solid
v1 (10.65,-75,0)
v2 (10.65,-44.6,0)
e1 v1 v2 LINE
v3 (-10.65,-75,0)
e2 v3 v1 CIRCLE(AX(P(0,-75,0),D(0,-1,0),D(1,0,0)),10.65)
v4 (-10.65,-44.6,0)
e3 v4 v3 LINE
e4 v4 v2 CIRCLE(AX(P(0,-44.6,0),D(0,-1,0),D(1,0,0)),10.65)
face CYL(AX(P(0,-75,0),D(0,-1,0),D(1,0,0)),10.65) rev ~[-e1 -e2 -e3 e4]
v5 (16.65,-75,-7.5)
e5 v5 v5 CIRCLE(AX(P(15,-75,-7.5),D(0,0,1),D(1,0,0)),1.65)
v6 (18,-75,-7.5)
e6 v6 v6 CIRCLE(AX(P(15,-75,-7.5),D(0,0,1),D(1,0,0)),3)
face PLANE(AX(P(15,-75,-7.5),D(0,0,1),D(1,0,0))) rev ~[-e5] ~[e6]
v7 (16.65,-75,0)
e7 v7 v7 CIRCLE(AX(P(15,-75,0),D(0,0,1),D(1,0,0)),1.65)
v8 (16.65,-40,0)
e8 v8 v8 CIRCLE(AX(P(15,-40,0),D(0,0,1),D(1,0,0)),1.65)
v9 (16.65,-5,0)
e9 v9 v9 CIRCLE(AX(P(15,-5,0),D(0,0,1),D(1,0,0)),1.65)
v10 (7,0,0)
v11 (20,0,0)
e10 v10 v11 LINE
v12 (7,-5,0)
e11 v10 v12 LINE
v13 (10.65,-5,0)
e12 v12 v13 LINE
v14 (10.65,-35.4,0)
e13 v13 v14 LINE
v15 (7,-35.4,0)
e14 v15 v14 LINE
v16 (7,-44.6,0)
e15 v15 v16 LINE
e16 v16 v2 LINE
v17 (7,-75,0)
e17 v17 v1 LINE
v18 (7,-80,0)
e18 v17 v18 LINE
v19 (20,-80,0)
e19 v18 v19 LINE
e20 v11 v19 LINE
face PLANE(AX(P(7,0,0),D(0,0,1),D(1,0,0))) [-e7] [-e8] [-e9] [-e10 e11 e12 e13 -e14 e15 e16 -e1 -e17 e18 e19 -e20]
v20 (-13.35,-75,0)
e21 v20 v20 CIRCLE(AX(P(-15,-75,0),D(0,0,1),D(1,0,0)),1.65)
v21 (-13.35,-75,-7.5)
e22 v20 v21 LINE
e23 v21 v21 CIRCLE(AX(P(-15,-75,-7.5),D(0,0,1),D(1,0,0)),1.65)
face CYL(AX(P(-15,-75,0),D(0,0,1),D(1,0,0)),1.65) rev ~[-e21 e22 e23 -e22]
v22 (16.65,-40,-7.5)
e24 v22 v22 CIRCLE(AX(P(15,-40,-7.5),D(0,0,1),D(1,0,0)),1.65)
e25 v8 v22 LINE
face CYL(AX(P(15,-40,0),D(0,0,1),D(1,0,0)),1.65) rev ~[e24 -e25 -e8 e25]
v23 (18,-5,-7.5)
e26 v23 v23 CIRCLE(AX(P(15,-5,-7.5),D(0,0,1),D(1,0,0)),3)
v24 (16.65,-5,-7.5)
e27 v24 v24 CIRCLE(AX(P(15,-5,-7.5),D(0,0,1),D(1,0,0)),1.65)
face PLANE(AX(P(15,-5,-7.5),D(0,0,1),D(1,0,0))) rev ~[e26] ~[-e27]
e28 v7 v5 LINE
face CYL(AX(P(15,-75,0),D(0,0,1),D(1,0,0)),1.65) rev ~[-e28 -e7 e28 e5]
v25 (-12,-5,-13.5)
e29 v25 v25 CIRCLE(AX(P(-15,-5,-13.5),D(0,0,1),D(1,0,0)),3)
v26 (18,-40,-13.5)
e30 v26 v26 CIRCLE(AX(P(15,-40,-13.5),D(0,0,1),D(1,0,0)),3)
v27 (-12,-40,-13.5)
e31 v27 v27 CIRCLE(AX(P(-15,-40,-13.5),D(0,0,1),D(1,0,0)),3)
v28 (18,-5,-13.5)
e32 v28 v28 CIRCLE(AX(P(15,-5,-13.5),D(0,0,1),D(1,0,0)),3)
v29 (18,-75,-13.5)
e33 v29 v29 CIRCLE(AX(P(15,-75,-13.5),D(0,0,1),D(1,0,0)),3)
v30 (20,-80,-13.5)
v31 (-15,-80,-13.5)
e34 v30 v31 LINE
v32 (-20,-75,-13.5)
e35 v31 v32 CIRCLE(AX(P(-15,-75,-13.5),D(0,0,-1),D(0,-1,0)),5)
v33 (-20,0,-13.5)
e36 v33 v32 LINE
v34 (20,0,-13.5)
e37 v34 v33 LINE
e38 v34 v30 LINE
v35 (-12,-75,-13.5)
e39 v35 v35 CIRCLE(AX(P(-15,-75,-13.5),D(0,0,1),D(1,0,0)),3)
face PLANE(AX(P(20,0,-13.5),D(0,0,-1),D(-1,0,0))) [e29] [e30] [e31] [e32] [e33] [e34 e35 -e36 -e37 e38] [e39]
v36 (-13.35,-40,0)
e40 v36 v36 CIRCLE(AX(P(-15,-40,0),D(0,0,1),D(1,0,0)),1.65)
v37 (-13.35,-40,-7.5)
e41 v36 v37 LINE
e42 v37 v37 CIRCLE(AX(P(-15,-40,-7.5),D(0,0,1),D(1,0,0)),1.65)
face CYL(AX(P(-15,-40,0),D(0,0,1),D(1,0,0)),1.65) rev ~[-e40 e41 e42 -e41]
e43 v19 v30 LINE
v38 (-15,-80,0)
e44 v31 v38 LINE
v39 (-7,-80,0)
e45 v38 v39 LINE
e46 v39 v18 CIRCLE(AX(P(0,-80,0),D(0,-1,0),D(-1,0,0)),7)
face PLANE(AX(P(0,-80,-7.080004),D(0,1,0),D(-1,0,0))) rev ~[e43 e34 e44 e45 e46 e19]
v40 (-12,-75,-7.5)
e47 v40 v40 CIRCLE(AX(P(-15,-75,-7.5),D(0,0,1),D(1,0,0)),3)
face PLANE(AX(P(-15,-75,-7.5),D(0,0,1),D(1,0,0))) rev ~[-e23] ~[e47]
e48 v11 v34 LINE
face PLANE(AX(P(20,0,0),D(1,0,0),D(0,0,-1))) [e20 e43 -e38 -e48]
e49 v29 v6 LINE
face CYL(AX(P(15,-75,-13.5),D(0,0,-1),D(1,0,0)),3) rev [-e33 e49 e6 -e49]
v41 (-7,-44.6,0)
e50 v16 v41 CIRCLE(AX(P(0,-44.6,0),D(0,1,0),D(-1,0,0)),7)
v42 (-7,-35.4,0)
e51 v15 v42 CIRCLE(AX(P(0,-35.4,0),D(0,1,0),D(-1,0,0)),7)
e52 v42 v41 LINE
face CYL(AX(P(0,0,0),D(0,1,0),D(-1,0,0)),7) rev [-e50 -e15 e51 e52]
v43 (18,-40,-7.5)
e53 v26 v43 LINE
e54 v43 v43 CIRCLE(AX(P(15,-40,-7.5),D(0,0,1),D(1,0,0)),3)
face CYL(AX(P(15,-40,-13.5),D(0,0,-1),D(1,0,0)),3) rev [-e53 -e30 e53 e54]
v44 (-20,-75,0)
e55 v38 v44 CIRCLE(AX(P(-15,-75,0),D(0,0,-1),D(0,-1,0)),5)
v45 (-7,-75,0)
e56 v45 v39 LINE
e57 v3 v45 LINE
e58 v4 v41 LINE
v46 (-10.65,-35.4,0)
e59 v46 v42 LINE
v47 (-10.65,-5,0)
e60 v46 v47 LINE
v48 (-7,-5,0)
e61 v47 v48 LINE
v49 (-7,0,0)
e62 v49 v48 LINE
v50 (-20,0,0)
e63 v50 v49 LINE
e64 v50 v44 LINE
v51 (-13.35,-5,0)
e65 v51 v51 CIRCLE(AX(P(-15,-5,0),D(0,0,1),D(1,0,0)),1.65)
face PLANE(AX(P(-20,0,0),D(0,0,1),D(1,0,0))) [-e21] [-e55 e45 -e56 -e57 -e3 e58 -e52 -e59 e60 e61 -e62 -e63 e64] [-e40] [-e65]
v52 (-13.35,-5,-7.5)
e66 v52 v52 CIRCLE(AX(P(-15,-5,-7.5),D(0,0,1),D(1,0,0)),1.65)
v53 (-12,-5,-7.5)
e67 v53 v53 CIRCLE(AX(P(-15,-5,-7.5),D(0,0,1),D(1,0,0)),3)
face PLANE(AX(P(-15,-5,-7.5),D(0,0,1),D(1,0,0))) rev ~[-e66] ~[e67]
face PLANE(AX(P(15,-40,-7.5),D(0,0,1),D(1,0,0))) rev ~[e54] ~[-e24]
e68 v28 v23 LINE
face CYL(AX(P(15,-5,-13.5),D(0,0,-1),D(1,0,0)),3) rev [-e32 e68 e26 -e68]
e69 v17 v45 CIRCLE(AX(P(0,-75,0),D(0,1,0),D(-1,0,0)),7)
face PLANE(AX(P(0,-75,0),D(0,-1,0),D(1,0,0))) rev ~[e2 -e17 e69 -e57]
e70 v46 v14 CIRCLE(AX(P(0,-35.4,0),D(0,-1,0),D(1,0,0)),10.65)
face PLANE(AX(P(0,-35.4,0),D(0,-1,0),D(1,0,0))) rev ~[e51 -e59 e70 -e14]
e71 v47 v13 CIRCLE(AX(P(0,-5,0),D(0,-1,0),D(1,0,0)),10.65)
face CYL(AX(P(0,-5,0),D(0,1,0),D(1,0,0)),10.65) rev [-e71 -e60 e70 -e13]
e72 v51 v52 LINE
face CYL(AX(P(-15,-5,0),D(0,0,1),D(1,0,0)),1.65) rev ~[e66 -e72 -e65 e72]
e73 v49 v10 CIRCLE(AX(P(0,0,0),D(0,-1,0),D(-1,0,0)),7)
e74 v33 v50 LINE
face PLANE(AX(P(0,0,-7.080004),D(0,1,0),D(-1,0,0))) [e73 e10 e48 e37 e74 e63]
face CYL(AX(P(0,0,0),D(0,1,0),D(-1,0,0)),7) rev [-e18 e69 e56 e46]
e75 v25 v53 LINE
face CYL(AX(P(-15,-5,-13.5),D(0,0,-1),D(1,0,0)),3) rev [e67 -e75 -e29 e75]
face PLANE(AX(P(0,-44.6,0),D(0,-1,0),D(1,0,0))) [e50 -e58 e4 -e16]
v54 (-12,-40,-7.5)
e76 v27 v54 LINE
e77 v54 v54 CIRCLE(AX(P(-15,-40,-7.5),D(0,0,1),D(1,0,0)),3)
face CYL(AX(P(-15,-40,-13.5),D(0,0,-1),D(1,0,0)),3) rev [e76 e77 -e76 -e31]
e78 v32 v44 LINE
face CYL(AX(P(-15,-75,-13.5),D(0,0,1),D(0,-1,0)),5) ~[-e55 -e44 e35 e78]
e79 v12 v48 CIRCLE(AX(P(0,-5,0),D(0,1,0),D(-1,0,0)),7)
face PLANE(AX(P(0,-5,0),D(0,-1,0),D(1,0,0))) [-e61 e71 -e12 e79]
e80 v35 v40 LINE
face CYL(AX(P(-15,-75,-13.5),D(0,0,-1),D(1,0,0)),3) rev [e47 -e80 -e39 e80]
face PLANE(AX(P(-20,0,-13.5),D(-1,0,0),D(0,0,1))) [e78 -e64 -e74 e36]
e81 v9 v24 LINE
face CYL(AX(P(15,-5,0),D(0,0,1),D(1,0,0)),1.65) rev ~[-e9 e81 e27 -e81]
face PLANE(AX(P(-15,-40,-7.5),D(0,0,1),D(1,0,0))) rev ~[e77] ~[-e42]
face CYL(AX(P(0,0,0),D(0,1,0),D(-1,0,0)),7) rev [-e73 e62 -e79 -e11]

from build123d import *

# Parameters (mm, degrees)
PAD_DEPTH       = 80
SKETCH001_R     = 1.65
POCKET_DEPTH    = 13.501
SKETCH002_R     = 3
POCKET001_DEPTH = 6
SKETCH003_R     = 10.65
POCKET002_DEPTH = 30.4
SKETCH004_R     = 10.65
POCKET003_DEPTH = 30.4
FILLET_R        = 5


with BuildPart() as part:
    # Sketch → Pad (new body)
    with BuildSketch(Plane.XZ):
        with BuildLine():
            Line((20, 0), (20, -13.5))
            Line((20, -13.5), (-20, -13.5))
            Line((-20, -13.5), (-20, 0))
            Line((-20, 0), (-7, 0))
            ThreePointArc((-7, 0), (0, -7), (7, 0))
            Line((7, 0), (20, 0))
        make_face()
    extrude(amount=PAD_DEPTH)

    # Sketch001 → Pocket (cut, through all)
    with BuildSketch(Plane.XY):
        with Locations((-15, -5)):
            Circle(SKETCH001_R)
        with Locations((-15, -40)):
            Circle(SKETCH001_R)
        with Locations((-15, -75)):
            Circle(SKETCH001_R)
        with Locations((15, -5)):
            Circle(SKETCH001_R)
        with Locations((15, -40)):
            Circle(SKETCH001_R)
        with Locations((15, -75)):
            Circle(SKETCH001_R)
    extrude(amount=-POCKET_DEPTH, mode=Mode.SUBTRACT)

    # Sketch002 (on DatumPlane) → Pocket001 (cut)
    with BuildSketch(Plane.XY.offset(-13.5)):
        with Locations((-15, -5)):
            Circle(SKETCH002_R)
        with Locations((-15, -40)):
            Circle(SKETCH002_R)
        with Locations((-15, -75)):
            Circle(SKETCH002_R)
        with Locations((15, -5)):
            Circle(SKETCH002_R)
        with Locations((15, -40)):
            Circle(SKETCH002_R)
        with Locations((15, -75)):
            Circle(SKETCH002_R)
    extrude(amount=POCKET001_DEPTH, mode=Mode.SUBTRACT)

    # Sketch003 (on DatumPlane) → Pocket002 (cut)
    with BuildSketch(Plane.XZ.offset(5)):
        Circle(SKETCH003_R)
    extrude(amount=POCKET002_DEPTH, mode=Mode.SUBTRACT)

    # Sketch004 (on DatumPlane) → Pocket003 (cut)
    with BuildSketch(Plane.XZ.offset(75)):
        Circle(SKETCH004_R)
    extrude(amount=-POCKET003_DEPTH, mode=Mode.SUBTRACT)

    # Fillet
    fillet_edges = [part.edges().sort_by_distance(p)[0] for p in [
        (-20, -80, -6.75),
    ]]
    fillet(fillet_edges, radius=FILLET_R)


solid = part.part
